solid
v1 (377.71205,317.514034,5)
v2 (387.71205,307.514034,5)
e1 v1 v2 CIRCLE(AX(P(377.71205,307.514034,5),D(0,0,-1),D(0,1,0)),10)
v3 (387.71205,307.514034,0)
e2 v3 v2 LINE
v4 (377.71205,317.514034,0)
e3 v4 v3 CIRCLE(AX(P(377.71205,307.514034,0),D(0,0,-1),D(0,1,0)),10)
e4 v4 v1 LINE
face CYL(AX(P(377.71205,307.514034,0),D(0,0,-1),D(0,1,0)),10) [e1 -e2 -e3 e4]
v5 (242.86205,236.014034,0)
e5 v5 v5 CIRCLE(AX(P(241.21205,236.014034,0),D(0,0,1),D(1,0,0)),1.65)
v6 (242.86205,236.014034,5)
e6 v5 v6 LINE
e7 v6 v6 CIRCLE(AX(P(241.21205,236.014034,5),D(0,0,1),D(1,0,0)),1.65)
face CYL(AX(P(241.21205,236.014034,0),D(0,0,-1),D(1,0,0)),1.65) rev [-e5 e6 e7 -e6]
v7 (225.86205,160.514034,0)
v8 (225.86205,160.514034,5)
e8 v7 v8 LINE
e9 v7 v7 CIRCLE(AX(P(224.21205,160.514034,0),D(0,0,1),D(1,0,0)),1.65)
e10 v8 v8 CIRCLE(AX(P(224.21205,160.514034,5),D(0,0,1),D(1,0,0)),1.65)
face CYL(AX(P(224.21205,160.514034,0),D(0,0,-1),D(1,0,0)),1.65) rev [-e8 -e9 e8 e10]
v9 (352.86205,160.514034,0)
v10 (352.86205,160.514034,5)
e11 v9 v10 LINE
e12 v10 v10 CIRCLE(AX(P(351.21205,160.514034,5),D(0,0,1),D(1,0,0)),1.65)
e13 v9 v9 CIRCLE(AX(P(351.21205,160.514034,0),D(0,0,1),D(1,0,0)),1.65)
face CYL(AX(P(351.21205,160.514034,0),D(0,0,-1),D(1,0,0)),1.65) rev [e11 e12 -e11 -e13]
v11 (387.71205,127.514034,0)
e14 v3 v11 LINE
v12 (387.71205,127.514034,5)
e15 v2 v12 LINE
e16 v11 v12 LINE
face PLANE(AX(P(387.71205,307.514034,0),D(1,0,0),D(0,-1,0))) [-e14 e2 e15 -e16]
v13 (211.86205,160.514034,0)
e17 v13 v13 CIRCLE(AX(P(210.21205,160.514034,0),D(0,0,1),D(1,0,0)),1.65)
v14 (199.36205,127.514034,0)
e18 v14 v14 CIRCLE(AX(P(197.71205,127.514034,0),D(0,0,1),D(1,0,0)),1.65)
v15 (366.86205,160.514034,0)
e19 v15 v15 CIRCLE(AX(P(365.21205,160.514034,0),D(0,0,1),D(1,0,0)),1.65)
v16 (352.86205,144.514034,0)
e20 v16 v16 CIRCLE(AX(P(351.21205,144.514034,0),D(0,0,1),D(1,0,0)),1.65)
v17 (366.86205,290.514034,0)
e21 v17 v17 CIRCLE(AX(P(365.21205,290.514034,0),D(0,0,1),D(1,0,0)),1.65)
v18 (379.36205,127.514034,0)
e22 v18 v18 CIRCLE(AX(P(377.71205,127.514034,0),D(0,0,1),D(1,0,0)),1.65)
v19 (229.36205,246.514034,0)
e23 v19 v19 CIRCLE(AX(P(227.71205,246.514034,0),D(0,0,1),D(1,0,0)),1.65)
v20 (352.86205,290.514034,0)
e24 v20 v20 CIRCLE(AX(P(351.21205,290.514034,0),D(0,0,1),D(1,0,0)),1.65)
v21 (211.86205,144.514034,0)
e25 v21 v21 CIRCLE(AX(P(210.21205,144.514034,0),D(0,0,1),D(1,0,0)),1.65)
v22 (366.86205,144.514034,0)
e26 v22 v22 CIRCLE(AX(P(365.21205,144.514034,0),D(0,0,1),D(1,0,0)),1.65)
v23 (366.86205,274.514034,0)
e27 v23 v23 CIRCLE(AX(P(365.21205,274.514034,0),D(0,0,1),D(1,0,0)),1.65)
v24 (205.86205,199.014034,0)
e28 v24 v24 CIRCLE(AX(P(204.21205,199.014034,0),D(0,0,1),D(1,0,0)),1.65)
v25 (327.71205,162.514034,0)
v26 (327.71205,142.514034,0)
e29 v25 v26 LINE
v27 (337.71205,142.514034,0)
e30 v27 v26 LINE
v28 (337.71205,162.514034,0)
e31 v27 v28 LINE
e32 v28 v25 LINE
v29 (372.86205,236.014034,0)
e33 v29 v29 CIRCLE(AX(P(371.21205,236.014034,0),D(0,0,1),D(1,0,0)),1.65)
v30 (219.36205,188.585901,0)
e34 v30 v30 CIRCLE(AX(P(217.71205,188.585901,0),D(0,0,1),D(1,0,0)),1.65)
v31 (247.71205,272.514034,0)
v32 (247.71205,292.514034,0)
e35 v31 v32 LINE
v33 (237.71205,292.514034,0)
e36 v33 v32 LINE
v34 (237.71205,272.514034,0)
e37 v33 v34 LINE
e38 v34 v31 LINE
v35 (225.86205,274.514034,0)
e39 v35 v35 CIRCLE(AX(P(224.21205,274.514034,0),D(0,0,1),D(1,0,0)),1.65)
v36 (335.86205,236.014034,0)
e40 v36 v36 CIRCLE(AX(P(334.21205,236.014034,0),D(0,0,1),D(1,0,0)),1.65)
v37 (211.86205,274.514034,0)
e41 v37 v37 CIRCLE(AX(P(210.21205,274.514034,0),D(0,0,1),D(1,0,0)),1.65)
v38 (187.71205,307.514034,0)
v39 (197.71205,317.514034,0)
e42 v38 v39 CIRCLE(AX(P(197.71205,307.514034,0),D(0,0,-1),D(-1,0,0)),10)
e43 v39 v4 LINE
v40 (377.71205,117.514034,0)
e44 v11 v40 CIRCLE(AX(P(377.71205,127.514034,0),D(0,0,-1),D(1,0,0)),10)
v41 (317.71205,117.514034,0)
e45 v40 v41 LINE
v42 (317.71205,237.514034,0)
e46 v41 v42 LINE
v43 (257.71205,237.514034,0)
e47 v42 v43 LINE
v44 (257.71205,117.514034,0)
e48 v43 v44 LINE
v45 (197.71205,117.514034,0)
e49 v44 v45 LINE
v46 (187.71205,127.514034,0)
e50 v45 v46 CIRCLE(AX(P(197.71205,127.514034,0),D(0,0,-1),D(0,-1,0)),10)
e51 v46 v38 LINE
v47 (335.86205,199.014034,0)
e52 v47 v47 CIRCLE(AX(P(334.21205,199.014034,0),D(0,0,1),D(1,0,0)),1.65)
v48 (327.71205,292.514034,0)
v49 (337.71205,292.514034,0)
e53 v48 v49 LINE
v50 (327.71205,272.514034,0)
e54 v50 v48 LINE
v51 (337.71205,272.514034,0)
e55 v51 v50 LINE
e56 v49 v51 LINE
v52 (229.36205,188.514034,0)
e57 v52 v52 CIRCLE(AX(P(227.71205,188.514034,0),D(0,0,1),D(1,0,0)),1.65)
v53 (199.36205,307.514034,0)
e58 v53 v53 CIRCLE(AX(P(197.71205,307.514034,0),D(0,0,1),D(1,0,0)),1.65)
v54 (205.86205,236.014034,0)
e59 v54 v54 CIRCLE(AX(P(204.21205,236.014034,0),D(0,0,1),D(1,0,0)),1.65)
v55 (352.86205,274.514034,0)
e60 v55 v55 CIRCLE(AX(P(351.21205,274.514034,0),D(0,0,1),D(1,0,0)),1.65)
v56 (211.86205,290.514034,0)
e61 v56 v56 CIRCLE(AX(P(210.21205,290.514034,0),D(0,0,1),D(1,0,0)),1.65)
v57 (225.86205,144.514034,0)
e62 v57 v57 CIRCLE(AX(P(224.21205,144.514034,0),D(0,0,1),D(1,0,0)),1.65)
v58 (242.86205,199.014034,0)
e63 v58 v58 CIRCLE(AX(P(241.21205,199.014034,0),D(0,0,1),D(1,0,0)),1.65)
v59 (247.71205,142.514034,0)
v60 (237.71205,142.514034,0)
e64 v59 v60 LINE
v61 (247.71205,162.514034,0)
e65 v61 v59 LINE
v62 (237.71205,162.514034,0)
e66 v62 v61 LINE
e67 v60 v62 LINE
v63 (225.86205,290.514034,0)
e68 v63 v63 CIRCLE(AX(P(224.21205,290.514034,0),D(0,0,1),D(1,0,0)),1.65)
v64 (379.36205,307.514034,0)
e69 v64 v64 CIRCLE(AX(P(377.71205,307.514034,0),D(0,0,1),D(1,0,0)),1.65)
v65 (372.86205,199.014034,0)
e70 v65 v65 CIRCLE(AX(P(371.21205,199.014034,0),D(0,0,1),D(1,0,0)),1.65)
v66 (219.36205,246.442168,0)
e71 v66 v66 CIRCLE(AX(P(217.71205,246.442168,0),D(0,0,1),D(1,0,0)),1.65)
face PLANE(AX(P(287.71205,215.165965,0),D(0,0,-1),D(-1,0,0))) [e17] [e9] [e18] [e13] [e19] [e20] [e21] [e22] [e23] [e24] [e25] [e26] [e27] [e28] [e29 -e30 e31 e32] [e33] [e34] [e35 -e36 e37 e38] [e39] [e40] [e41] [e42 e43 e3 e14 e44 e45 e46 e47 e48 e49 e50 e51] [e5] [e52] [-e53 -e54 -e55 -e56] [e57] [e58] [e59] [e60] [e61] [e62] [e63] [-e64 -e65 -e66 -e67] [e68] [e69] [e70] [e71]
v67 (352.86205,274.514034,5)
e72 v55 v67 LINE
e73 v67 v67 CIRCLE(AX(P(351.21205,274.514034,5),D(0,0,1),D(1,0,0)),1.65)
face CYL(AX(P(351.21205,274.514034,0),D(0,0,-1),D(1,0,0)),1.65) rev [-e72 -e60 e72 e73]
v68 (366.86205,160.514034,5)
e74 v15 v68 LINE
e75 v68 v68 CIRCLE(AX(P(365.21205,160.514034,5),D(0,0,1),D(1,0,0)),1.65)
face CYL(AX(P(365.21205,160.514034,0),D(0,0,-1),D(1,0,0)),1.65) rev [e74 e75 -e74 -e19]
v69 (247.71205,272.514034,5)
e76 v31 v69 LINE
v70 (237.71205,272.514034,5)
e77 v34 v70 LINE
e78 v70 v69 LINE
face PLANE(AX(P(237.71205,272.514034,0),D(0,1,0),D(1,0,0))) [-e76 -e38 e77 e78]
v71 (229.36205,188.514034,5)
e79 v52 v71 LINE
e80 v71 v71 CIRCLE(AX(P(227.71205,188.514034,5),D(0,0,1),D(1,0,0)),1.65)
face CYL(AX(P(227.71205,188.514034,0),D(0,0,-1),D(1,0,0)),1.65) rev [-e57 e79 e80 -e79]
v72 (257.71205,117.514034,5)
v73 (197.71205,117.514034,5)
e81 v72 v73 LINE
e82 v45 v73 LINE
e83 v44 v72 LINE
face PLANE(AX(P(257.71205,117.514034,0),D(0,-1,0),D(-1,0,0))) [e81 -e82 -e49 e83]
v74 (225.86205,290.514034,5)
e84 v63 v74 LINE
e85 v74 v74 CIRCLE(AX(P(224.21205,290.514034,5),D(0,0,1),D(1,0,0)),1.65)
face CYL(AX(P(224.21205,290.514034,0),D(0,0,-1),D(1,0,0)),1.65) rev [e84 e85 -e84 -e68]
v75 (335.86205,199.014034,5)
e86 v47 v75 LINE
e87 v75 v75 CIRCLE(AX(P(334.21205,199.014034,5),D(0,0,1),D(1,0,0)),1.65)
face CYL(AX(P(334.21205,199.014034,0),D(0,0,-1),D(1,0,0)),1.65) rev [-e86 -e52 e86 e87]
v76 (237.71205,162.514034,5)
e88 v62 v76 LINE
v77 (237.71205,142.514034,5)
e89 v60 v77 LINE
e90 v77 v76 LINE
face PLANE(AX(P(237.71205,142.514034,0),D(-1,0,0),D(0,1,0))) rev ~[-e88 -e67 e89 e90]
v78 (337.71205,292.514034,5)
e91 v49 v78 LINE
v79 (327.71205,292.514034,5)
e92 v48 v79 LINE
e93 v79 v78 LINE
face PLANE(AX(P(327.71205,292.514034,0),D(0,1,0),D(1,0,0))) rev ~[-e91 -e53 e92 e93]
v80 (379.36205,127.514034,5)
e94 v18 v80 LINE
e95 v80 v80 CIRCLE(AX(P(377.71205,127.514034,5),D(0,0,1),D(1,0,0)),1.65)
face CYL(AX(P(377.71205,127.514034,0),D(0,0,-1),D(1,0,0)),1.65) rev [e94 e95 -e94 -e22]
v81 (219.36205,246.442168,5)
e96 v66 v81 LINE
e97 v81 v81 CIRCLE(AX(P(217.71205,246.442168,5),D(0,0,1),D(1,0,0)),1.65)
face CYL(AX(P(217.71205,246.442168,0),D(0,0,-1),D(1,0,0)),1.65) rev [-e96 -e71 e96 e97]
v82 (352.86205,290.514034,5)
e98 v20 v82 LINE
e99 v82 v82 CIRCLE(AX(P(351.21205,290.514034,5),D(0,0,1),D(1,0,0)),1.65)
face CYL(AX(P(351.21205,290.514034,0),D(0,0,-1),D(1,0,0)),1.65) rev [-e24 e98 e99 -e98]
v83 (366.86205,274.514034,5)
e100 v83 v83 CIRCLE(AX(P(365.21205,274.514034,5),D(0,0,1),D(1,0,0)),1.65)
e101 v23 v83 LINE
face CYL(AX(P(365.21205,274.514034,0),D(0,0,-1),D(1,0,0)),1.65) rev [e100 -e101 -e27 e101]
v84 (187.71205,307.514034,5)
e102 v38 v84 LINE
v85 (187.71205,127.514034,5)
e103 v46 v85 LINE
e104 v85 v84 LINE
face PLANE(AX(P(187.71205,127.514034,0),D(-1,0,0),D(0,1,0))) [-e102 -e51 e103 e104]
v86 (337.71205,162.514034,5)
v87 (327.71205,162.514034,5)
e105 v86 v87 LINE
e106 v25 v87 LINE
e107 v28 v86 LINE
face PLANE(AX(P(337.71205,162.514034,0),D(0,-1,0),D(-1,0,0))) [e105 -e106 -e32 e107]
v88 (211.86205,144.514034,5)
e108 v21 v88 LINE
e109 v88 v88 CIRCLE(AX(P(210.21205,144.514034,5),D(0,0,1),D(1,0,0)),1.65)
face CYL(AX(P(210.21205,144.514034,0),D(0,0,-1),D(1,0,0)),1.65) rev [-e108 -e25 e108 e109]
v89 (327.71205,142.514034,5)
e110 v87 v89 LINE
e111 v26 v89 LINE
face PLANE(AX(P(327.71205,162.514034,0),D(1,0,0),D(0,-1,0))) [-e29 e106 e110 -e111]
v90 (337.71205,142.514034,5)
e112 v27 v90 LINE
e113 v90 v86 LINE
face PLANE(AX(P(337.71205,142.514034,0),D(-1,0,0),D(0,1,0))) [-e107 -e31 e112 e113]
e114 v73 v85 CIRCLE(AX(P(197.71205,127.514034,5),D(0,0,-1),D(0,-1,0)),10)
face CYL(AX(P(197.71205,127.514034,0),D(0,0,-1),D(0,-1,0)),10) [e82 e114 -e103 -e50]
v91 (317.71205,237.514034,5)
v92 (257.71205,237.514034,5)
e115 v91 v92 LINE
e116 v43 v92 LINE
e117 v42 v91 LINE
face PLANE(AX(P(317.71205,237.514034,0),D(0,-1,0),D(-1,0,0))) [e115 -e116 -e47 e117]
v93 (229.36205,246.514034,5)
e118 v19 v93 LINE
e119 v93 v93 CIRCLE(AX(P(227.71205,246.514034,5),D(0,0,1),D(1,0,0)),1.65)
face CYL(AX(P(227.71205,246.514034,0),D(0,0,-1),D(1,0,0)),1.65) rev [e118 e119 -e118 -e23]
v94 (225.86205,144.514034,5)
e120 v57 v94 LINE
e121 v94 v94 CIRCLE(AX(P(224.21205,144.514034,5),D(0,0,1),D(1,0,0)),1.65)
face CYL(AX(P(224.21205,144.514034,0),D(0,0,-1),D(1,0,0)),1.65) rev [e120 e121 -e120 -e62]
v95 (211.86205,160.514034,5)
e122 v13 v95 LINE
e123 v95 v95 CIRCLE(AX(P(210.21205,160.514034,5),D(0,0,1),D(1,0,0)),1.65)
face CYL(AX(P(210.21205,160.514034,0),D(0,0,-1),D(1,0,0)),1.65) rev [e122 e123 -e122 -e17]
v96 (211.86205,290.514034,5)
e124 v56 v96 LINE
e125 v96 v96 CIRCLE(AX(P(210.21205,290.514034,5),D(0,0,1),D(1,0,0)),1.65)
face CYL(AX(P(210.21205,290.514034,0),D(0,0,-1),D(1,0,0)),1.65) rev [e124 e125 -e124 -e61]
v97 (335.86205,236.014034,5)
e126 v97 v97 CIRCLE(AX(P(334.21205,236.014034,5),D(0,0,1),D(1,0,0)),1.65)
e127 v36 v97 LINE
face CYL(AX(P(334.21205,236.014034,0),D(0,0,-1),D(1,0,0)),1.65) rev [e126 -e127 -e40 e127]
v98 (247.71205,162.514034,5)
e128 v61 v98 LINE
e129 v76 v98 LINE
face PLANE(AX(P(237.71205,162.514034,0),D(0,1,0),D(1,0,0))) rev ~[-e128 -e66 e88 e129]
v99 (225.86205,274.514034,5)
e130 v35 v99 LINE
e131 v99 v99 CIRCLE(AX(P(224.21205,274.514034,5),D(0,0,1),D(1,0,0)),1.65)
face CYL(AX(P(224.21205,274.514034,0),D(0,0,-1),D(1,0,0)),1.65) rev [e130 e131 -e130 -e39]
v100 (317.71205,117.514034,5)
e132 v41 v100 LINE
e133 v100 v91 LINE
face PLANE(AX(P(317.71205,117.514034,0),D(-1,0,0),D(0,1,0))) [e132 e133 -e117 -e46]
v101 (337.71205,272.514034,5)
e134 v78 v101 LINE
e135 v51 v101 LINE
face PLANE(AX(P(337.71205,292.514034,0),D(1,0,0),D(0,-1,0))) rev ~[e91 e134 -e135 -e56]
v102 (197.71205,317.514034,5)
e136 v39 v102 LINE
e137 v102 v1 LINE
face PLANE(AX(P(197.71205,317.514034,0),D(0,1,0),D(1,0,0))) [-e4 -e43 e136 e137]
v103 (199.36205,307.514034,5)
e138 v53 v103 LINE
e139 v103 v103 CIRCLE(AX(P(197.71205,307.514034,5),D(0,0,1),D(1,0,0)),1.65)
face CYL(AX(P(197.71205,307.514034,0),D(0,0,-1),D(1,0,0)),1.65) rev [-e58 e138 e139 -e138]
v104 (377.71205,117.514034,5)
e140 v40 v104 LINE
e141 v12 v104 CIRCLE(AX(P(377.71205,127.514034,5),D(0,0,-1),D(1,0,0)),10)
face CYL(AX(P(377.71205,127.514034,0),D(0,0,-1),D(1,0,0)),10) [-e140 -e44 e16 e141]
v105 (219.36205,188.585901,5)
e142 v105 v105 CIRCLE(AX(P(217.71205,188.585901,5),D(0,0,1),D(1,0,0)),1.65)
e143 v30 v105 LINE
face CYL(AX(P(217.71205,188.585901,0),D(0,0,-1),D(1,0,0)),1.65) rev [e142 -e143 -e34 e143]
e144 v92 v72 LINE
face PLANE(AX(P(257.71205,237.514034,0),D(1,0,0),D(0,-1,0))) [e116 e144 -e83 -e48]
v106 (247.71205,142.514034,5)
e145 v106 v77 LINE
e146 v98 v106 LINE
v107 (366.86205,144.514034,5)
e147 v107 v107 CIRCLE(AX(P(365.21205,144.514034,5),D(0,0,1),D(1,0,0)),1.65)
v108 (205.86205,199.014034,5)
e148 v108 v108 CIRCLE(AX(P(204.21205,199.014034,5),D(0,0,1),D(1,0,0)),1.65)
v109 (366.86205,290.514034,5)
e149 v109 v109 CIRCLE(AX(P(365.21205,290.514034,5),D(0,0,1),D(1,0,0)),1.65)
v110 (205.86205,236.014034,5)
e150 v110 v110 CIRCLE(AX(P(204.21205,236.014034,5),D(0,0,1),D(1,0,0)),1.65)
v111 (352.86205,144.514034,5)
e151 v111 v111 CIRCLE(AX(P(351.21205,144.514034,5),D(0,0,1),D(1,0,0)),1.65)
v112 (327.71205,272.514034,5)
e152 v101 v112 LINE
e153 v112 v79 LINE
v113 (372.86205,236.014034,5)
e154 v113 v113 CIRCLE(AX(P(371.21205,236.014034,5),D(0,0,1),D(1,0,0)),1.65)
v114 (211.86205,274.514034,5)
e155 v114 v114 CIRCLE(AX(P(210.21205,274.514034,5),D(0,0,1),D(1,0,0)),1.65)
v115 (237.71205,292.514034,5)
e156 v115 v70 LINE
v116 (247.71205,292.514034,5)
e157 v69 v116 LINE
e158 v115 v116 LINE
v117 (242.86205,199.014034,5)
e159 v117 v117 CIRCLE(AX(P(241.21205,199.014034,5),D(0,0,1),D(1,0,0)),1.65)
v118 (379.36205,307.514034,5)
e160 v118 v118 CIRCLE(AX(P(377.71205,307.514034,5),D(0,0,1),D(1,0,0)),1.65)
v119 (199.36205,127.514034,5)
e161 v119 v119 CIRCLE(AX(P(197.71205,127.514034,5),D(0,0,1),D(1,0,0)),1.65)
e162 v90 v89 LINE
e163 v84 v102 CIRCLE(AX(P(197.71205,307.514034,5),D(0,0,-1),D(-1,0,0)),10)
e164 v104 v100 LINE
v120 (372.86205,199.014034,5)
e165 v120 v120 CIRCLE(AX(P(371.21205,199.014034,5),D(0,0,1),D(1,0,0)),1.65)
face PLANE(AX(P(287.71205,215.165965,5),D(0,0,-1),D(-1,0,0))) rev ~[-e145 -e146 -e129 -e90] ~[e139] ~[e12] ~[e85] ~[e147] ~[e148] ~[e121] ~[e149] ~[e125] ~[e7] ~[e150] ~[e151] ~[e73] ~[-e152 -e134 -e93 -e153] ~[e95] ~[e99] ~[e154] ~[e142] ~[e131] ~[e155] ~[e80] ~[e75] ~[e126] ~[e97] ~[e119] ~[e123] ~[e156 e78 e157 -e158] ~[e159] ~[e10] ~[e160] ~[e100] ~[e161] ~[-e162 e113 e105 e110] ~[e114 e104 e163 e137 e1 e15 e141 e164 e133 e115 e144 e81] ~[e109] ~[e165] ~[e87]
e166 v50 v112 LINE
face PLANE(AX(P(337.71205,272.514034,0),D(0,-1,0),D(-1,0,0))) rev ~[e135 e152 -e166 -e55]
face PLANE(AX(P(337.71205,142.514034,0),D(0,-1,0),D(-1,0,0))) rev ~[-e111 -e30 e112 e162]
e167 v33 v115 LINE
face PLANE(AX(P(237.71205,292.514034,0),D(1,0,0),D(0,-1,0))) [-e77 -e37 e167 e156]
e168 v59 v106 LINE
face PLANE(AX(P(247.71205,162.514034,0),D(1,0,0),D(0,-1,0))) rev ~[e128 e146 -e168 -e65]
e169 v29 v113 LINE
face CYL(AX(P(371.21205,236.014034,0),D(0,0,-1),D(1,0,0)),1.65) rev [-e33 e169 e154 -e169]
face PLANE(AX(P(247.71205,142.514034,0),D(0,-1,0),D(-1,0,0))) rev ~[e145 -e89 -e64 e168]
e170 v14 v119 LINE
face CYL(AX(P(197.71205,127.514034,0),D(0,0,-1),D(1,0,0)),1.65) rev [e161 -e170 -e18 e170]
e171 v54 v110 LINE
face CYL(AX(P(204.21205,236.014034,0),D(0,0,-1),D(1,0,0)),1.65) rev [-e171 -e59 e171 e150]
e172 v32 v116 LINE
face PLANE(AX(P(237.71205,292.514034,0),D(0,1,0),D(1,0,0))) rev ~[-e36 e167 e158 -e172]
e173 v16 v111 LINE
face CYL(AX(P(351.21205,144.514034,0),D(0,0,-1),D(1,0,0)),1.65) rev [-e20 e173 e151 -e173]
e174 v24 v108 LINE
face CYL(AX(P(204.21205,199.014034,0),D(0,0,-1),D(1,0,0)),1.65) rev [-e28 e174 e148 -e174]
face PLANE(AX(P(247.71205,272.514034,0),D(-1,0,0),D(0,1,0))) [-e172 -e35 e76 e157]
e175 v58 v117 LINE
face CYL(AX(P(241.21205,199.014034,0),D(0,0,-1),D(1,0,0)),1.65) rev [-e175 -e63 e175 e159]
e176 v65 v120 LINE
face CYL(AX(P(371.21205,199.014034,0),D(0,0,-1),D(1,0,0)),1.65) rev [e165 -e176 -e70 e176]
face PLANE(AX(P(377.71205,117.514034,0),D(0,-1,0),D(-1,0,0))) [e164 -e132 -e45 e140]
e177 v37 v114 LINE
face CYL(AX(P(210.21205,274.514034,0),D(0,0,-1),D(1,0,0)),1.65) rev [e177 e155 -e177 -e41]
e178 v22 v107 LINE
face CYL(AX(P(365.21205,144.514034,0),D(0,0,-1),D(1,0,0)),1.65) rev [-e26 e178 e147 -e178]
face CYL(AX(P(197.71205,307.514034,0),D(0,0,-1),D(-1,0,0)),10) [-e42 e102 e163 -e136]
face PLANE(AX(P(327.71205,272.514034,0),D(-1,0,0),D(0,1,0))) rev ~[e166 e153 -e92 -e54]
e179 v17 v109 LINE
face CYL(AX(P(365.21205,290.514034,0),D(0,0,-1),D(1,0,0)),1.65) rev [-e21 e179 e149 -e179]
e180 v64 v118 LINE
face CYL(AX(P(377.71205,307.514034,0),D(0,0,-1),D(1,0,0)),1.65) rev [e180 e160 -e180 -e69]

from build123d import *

# Parameters (mm, degrees)
MODEL_R         = 1.65
EXTRUDE_1_DEPTH = 5


with BuildPart() as part:
    # Model → 凸台-拉伸1 (new body)
    with BuildSketch(Plane.XY):
        with BuildLine():
            Line((197.712050333, 317.514034213), (377.712050333, 317.514034213))
            ThreePointArc((377.712050333, 317.514034213), (384.783118145, 314.585102025), (387.712050333, 307.514034213))
            Line((387.712050333, 307.514034213), (387.712050333, 127.514034213))
            ThreePointArc((387.712050333, 127.514034213), (384.783118145, 120.442966401), (377.712050333, 117.514034213))
            Line((377.712050333, 117.514034213), (317.712050333, 117.514034213))
            Line((317.712050333, 117.514034213), (317.712050333, 237.514034213))
            Line((317.712050333, 237.514034213), (257.712050333, 237.514034213))
            Line((257.712050333, 237.514034213), (257.712050333, 117.514034213))
            Line((257.712050333, 117.514034213), (197.712050333, 117.514034213))
            ThreePointArc((197.712050333, 117.514034213), (190.640982521, 120.442966401), (187.712050333, 127.514034213))
            Line((187.712050333, 127.514034213), (187.712050333, 307.514034213))
            ThreePointArc((187.712050333, 307.514034213), (190.640982521, 314.585102025), (197.712050333, 317.514034213))
        make_face()
        with Locations((204.212050333, 236.014034213)):
            Circle(MODEL_R, mode=Mode.SUBTRACT)
        with Locations((197.712050333, 127.514034213)):
            Circle(MODEL_R, mode=Mode.SUBTRACT)
        with Locations((377.712050333, 127.514034213)):
            Circle(MODEL_R, mode=Mode.SUBTRACT)
        with Locations((197.712050333, 307.514034213)):
            Circle(MODEL_R, mode=Mode.SUBTRACT)
        with Locations((377.712050333, 307.514034213)):
            Circle(MODEL_R, mode=Mode.SUBTRACT)
        with Locations((241.212050333, 236.014034213)):
            Circle(MODEL_R, mode=Mode.SUBTRACT)
        with Locations((204.212050333, 199.014034213)):
            Circle(MODEL_R, mode=Mode.SUBTRACT)
        with Locations((241.212050333, 199.014034213)):
            Circle(MODEL_R, mode=Mode.SUBTRACT)
        with Locations((371.212050333, 236.014034213)):
            Circle(MODEL_R, mode=Mode.SUBTRACT)
        with Locations((334.212050333, 236.014034213)):
            Circle(MODEL_R, mode=Mode.SUBTRACT)
        with Locations((371.212050333, 199.014034213)):
            Circle(MODEL_R, mode=Mode.SUBTRACT)
        with Locations((334.212050333, 199.014034213)):
            Circle(MODEL_R, mode=Mode.SUBTRACT)
        with Locations((210.212050333, 290.514034213)):
            Circle(MODEL_R, mode=Mode.SUBTRACT)
        with Locations((224.212050333, 290.514034213)):
            Circle(MODEL_R, mode=Mode.SUBTRACT)
        with Locations((210.212050333, 274.514034213)):
            Circle(MODEL_R, mode=Mode.SUBTRACT)
        with Locations((224.212050333, 274.514034213)):
            Circle(MODEL_R, mode=Mode.SUBTRACT)
        with Locations((210.212050333, 144.514034213)):
            Circle(MODEL_R, mode=Mode.SUBTRACT)
        with Locations((210.212050333, 160.514034213)):
            Circle(MODEL_R, mode=Mode.SUBTRACT)
        with Locations((365.212050333, 290.514034213)):
            Circle(MODEL_R, mode=Mode.SUBTRACT)
        with Locations((351.212050333, 290.514034213)):
            Circle(MODEL_R, mode=Mode.SUBTRACT)
        with Locations((365.212050333, 274.514034213)):
            Circle(MODEL_R, mode=Mode.SUBTRACT)
        with Locations((351.212050333, 274.514034213)):
            Circle(MODEL_R, mode=Mode.SUBTRACT)
        with Locations((365.212050333, 144.514034213)):
            Circle(MODEL_R, mode=Mode.SUBTRACT)
        with Locations((365.212050333, 160.514034213)):
            Circle(MODEL_R, mode=Mode.SUBTRACT)
        with Locations((224.212050333, 144.514034213)):
            Circle(MODEL_R, mode=Mode.SUBTRACT)
        with Locations((224.212050333, 160.514034213)):
            Circle(MODEL_R, mode=Mode.SUBTRACT)
        with Locations((351.212050333, 144.514034213)):
            Circle(MODEL_R, mode=Mode.SUBTRACT)
        with Locations((351.212050333, 160.514034213)):
            Circle(MODEL_R, mode=Mode.SUBTRACT)
        with Locations((227.712050333, 246.514034213)):
            Circle(MODEL_R, mode=Mode.SUBTRACT)
        with Locations((217.712050333, 246.442167925)):
            Circle(MODEL_R, mode=Mode.SUBTRACT)
        with Locations((227.712050333, 188.514034213)):
            Circle(MODEL_R, mode=Mode.SUBTRACT)
        with Locations((217.712050333, 188.585900501)):
            Circle(MODEL_R, mode=Mode.SUBTRACT)
        Polygon((247.712050333, 142.514034213), (242.712050333, 142.514034213), (237.712050333, 142.514034213), (237.712050333, 162.514034213), (247.712050333, 162.514034213), align=None, mode=Mode.SUBTRACT)
        Polygon((327.712050333, 142.514034213), (332.712050333, 142.514034213), (337.712050333, 142.514034213), (337.712050333, 162.514034213), (327.712050333, 162.514034213), align=None, mode=Mode.SUBTRACT)
        Polygon((247.712050333, 292.514034213), (242.712050333, 292.514034213), (237.712050333, 292.514034213), (237.712050333, 272.514034213), (247.712050333, 272.514034213), align=None, mode=Mode.SUBTRACT)
        Polygon((327.712050333, 292.514034213), (332.712050333, 292.514034213), (337.712050333, 292.514034213), (337.712050333, 272.514034213), (327.712050333, 272.514034213), align=None, mode=Mode.SUBTRACT)
    extrude(amount=EXTRUDE_1_DEPTH)


solid = part.part
